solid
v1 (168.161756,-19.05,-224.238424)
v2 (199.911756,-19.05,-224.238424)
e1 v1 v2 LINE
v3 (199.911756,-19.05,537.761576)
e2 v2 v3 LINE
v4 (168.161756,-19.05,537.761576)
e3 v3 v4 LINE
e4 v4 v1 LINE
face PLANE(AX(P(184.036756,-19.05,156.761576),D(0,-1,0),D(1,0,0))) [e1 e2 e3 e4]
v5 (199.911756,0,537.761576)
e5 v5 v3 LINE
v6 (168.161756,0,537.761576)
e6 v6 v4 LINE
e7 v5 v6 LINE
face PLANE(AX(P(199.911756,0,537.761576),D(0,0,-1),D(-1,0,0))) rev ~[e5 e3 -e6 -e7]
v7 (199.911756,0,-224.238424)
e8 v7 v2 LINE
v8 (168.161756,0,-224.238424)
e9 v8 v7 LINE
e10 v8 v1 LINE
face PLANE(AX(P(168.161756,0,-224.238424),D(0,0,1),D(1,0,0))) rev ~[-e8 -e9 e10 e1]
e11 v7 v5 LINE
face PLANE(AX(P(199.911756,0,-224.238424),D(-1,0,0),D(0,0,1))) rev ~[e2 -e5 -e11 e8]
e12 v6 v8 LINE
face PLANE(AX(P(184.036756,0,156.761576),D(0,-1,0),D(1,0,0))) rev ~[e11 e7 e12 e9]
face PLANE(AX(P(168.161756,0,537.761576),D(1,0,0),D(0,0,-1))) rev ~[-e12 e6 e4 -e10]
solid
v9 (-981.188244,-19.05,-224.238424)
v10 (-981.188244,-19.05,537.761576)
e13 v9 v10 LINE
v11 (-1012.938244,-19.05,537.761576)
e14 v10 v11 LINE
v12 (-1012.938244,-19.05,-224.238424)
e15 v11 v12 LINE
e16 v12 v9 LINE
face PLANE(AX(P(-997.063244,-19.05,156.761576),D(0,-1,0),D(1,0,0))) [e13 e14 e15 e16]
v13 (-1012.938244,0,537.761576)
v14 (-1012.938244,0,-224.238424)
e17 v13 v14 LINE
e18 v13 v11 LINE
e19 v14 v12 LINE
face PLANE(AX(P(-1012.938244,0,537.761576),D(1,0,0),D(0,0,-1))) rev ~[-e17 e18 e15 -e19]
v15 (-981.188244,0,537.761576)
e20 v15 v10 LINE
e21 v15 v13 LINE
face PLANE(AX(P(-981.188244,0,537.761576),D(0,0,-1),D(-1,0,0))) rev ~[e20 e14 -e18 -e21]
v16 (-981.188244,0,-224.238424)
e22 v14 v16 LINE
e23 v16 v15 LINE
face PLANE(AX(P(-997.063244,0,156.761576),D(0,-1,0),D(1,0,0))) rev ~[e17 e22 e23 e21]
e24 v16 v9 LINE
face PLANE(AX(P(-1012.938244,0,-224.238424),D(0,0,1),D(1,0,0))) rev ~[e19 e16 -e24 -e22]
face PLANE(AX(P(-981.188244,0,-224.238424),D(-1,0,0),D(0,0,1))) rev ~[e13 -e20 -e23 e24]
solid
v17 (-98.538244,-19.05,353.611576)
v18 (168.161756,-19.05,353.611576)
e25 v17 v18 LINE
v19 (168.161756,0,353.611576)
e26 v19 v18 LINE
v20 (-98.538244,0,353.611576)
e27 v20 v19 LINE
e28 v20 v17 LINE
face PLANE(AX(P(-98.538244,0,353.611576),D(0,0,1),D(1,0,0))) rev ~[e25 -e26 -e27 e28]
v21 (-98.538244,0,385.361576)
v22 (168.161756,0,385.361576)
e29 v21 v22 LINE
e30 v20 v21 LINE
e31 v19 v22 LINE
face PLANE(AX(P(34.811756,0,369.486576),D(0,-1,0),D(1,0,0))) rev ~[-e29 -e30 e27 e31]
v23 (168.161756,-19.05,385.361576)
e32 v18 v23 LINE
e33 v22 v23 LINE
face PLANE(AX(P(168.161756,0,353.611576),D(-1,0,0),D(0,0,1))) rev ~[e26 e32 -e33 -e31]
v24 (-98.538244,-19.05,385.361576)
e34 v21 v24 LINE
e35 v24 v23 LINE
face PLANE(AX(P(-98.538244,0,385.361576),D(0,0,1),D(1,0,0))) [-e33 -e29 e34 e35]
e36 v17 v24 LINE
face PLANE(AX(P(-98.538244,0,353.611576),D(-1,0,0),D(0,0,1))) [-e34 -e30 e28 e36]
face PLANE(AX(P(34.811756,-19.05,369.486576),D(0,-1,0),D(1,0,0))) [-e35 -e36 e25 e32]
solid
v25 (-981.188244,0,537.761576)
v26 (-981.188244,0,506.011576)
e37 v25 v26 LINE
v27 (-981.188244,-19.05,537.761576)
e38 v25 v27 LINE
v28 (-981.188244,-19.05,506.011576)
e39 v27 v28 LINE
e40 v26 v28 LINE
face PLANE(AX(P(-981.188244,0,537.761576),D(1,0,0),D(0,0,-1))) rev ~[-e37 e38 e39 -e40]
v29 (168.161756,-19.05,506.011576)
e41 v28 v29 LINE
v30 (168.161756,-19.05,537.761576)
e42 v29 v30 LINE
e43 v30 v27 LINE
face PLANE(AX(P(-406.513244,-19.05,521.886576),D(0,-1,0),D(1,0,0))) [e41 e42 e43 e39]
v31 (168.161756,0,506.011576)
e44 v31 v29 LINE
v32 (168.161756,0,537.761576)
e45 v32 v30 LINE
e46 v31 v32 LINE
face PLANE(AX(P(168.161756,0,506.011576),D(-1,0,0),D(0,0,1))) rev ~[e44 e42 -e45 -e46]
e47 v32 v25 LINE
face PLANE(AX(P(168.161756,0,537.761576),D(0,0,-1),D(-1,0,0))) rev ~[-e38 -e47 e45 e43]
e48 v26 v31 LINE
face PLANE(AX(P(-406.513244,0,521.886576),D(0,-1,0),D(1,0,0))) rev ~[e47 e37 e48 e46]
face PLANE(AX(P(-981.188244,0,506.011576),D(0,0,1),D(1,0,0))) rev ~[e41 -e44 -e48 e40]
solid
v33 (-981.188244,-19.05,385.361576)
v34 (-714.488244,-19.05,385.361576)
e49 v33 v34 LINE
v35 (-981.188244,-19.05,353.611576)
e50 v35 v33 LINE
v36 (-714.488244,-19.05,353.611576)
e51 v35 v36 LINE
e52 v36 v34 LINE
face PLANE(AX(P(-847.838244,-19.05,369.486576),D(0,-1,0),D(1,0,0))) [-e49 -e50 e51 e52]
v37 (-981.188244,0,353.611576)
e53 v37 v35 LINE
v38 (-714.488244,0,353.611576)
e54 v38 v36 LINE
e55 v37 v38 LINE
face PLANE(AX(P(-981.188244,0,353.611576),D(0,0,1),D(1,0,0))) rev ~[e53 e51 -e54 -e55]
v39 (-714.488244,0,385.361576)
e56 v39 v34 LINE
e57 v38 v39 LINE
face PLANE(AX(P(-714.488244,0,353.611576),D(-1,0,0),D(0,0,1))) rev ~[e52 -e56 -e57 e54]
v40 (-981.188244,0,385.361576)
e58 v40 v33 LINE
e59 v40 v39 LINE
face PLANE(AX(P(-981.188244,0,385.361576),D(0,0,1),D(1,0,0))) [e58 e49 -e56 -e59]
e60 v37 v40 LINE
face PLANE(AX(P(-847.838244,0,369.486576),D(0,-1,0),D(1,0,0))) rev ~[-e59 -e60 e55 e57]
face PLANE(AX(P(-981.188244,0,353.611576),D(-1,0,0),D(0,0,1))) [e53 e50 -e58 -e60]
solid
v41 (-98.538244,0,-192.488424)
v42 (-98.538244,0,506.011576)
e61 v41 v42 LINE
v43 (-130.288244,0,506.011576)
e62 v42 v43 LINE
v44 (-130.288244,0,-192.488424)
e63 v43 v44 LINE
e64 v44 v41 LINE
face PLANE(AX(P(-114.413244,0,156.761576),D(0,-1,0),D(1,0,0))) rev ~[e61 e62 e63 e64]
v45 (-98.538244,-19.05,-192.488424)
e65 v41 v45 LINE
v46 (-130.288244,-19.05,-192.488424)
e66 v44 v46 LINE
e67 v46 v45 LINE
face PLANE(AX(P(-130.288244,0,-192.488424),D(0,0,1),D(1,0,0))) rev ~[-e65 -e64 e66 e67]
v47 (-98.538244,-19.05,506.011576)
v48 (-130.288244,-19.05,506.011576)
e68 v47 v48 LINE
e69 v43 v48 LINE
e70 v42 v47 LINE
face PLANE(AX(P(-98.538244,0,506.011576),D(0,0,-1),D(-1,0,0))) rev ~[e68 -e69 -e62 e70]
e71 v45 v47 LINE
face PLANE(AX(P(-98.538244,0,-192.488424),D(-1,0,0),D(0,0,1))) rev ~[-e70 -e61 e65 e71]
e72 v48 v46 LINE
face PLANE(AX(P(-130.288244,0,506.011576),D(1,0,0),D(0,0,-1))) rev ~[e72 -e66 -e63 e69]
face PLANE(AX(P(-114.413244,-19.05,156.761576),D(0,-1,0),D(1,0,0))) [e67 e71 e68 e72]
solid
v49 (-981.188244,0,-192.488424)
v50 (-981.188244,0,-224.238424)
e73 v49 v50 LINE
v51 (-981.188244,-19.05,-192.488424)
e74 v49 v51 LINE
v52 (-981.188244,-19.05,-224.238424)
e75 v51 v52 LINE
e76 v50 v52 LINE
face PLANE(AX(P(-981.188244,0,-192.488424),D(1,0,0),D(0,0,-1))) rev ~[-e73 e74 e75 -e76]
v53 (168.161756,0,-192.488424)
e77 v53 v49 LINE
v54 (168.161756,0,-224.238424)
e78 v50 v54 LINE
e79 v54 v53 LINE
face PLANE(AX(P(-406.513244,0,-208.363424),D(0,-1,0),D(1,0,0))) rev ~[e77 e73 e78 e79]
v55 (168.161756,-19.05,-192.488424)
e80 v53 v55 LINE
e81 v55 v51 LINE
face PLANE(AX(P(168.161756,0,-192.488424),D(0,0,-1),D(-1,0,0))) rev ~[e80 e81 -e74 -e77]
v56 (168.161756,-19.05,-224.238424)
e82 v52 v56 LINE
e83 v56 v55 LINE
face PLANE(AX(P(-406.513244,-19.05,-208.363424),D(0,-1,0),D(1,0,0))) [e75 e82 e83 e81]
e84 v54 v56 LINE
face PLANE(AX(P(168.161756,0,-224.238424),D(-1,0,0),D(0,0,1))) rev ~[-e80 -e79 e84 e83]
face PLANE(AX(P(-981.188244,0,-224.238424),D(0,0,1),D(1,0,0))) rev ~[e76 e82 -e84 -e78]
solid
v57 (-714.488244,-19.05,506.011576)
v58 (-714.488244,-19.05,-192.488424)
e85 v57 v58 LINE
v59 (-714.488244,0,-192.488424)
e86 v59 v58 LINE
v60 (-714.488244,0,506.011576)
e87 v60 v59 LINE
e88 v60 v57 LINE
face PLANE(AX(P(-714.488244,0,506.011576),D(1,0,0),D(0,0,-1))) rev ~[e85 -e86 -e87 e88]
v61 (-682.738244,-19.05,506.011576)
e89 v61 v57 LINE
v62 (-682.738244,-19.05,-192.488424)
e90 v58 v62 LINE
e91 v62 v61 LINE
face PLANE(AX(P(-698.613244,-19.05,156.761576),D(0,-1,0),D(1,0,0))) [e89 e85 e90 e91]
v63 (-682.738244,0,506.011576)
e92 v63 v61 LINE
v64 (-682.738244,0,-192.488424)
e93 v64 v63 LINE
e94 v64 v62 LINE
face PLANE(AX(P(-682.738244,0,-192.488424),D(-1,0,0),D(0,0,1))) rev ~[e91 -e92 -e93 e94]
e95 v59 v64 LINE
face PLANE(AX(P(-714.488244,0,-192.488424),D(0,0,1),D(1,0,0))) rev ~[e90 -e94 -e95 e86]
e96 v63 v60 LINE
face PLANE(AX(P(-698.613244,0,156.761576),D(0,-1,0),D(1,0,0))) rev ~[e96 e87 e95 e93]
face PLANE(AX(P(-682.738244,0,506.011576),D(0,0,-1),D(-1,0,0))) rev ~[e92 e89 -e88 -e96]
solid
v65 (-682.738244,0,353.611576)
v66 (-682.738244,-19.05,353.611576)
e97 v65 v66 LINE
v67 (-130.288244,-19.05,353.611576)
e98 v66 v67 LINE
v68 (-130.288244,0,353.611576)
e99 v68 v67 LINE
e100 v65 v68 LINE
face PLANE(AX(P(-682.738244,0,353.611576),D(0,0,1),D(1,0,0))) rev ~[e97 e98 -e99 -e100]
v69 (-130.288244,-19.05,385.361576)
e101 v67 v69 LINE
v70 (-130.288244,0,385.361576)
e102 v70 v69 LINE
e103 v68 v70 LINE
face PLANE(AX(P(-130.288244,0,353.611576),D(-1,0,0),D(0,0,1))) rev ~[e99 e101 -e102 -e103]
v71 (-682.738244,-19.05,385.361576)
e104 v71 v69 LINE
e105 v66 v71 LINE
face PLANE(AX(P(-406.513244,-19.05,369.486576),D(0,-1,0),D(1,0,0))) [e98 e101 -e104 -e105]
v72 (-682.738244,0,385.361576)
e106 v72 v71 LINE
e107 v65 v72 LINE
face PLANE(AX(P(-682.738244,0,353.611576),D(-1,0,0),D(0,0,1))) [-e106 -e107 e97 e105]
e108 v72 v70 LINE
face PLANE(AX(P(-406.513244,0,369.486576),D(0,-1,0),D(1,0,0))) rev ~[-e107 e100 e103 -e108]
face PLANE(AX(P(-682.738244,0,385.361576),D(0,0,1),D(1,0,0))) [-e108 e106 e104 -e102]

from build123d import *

# Parameters (mm, degrees)
F1_DEPTH = 19.05
F0_W     = 266.7
F0_H     = 31.75
F0_W_2   = 552.45
F2_DEPTH = 19.05


with BuildPart() as f1:
    # F0 (on Front) → F1 (new body)
    with BuildSketch(Plane.XZ):
        Polygon((-981.188244, 506.011576), (-981.188244, 537.761576), (-1012.938244, 537.761576), (-1012.938244, -224.238424), (-981.188244, -224.238424), (-981.188244, -192.488424), (-981.188244, 353.611576), (-981.188244, 385.361576), align=None)
        Polygon((-714.488244, -192.488424), (-682.738244, -192.488424), (-682.738244, 353.611576), (-682.738244, 385.361576), (-682.738244, 506.011576), (-714.488244, 506.011576), (-714.488244, 385.361576), (-714.488244, 353.611576), align=None)
        Polygon((-130.288244, -192.488424), (-98.538244, -192.488424), (-98.538244, 353.611576), (-98.538244, 385.361576), (-98.538244, 506.011576), (-130.288244, 506.011576), (-130.288244, 385.361576), (-130.288244, 353.611576), align=None)
        Polygon((168.161756, -224.238424), (199.911756, -224.238424), (199.911756, 537.761576), (168.161756, 537.761576), (168.161756, 506.011576), (168.161756, 385.361576), (168.161756, 353.611576), (168.161756, -192.488424), align=None)
    extrude(amount=F1_DEPTH)


with BuildPart() as f2:
    # F0 (on Front) → F2 (new body)
    with BuildSketch(Plane.XZ):
        Polygon((168.161756, 506.011576), (168.161756, 537.761576), (-981.188244, 537.761576), (-981.188244, 506.011576), (-714.488244, 506.011576), (-682.738244, 506.011576), (-130.288244, 506.011576), (-98.538244, 506.011576), align=None)
        with Locations((-847.838244, 369.486576)):
            Rectangle(F0_W, F0_H)
        with Locations((-406.513244, 369.486576)):
            Rectangle(F0_W_2, F0_H)
        with Locations((34.811756, 369.486576)):
            Rectangle(F0_W, F0_H)
        Polygon((-130.288244, -224.238424), (168.161756, -224.238424), (168.161756, -192.488424), (-98.538244, -192.488424), (-130.288244, -192.488424), (-682.738244, -192.488424), (-714.488244, -192.488424), (-981.188244, -192.488424), (-981.188244, -224.238424), (-682.738244, -224.238424), align=None)
    extrude(amount=F2_DEPTH)


solid = Compound([f1.part, f2.part])
